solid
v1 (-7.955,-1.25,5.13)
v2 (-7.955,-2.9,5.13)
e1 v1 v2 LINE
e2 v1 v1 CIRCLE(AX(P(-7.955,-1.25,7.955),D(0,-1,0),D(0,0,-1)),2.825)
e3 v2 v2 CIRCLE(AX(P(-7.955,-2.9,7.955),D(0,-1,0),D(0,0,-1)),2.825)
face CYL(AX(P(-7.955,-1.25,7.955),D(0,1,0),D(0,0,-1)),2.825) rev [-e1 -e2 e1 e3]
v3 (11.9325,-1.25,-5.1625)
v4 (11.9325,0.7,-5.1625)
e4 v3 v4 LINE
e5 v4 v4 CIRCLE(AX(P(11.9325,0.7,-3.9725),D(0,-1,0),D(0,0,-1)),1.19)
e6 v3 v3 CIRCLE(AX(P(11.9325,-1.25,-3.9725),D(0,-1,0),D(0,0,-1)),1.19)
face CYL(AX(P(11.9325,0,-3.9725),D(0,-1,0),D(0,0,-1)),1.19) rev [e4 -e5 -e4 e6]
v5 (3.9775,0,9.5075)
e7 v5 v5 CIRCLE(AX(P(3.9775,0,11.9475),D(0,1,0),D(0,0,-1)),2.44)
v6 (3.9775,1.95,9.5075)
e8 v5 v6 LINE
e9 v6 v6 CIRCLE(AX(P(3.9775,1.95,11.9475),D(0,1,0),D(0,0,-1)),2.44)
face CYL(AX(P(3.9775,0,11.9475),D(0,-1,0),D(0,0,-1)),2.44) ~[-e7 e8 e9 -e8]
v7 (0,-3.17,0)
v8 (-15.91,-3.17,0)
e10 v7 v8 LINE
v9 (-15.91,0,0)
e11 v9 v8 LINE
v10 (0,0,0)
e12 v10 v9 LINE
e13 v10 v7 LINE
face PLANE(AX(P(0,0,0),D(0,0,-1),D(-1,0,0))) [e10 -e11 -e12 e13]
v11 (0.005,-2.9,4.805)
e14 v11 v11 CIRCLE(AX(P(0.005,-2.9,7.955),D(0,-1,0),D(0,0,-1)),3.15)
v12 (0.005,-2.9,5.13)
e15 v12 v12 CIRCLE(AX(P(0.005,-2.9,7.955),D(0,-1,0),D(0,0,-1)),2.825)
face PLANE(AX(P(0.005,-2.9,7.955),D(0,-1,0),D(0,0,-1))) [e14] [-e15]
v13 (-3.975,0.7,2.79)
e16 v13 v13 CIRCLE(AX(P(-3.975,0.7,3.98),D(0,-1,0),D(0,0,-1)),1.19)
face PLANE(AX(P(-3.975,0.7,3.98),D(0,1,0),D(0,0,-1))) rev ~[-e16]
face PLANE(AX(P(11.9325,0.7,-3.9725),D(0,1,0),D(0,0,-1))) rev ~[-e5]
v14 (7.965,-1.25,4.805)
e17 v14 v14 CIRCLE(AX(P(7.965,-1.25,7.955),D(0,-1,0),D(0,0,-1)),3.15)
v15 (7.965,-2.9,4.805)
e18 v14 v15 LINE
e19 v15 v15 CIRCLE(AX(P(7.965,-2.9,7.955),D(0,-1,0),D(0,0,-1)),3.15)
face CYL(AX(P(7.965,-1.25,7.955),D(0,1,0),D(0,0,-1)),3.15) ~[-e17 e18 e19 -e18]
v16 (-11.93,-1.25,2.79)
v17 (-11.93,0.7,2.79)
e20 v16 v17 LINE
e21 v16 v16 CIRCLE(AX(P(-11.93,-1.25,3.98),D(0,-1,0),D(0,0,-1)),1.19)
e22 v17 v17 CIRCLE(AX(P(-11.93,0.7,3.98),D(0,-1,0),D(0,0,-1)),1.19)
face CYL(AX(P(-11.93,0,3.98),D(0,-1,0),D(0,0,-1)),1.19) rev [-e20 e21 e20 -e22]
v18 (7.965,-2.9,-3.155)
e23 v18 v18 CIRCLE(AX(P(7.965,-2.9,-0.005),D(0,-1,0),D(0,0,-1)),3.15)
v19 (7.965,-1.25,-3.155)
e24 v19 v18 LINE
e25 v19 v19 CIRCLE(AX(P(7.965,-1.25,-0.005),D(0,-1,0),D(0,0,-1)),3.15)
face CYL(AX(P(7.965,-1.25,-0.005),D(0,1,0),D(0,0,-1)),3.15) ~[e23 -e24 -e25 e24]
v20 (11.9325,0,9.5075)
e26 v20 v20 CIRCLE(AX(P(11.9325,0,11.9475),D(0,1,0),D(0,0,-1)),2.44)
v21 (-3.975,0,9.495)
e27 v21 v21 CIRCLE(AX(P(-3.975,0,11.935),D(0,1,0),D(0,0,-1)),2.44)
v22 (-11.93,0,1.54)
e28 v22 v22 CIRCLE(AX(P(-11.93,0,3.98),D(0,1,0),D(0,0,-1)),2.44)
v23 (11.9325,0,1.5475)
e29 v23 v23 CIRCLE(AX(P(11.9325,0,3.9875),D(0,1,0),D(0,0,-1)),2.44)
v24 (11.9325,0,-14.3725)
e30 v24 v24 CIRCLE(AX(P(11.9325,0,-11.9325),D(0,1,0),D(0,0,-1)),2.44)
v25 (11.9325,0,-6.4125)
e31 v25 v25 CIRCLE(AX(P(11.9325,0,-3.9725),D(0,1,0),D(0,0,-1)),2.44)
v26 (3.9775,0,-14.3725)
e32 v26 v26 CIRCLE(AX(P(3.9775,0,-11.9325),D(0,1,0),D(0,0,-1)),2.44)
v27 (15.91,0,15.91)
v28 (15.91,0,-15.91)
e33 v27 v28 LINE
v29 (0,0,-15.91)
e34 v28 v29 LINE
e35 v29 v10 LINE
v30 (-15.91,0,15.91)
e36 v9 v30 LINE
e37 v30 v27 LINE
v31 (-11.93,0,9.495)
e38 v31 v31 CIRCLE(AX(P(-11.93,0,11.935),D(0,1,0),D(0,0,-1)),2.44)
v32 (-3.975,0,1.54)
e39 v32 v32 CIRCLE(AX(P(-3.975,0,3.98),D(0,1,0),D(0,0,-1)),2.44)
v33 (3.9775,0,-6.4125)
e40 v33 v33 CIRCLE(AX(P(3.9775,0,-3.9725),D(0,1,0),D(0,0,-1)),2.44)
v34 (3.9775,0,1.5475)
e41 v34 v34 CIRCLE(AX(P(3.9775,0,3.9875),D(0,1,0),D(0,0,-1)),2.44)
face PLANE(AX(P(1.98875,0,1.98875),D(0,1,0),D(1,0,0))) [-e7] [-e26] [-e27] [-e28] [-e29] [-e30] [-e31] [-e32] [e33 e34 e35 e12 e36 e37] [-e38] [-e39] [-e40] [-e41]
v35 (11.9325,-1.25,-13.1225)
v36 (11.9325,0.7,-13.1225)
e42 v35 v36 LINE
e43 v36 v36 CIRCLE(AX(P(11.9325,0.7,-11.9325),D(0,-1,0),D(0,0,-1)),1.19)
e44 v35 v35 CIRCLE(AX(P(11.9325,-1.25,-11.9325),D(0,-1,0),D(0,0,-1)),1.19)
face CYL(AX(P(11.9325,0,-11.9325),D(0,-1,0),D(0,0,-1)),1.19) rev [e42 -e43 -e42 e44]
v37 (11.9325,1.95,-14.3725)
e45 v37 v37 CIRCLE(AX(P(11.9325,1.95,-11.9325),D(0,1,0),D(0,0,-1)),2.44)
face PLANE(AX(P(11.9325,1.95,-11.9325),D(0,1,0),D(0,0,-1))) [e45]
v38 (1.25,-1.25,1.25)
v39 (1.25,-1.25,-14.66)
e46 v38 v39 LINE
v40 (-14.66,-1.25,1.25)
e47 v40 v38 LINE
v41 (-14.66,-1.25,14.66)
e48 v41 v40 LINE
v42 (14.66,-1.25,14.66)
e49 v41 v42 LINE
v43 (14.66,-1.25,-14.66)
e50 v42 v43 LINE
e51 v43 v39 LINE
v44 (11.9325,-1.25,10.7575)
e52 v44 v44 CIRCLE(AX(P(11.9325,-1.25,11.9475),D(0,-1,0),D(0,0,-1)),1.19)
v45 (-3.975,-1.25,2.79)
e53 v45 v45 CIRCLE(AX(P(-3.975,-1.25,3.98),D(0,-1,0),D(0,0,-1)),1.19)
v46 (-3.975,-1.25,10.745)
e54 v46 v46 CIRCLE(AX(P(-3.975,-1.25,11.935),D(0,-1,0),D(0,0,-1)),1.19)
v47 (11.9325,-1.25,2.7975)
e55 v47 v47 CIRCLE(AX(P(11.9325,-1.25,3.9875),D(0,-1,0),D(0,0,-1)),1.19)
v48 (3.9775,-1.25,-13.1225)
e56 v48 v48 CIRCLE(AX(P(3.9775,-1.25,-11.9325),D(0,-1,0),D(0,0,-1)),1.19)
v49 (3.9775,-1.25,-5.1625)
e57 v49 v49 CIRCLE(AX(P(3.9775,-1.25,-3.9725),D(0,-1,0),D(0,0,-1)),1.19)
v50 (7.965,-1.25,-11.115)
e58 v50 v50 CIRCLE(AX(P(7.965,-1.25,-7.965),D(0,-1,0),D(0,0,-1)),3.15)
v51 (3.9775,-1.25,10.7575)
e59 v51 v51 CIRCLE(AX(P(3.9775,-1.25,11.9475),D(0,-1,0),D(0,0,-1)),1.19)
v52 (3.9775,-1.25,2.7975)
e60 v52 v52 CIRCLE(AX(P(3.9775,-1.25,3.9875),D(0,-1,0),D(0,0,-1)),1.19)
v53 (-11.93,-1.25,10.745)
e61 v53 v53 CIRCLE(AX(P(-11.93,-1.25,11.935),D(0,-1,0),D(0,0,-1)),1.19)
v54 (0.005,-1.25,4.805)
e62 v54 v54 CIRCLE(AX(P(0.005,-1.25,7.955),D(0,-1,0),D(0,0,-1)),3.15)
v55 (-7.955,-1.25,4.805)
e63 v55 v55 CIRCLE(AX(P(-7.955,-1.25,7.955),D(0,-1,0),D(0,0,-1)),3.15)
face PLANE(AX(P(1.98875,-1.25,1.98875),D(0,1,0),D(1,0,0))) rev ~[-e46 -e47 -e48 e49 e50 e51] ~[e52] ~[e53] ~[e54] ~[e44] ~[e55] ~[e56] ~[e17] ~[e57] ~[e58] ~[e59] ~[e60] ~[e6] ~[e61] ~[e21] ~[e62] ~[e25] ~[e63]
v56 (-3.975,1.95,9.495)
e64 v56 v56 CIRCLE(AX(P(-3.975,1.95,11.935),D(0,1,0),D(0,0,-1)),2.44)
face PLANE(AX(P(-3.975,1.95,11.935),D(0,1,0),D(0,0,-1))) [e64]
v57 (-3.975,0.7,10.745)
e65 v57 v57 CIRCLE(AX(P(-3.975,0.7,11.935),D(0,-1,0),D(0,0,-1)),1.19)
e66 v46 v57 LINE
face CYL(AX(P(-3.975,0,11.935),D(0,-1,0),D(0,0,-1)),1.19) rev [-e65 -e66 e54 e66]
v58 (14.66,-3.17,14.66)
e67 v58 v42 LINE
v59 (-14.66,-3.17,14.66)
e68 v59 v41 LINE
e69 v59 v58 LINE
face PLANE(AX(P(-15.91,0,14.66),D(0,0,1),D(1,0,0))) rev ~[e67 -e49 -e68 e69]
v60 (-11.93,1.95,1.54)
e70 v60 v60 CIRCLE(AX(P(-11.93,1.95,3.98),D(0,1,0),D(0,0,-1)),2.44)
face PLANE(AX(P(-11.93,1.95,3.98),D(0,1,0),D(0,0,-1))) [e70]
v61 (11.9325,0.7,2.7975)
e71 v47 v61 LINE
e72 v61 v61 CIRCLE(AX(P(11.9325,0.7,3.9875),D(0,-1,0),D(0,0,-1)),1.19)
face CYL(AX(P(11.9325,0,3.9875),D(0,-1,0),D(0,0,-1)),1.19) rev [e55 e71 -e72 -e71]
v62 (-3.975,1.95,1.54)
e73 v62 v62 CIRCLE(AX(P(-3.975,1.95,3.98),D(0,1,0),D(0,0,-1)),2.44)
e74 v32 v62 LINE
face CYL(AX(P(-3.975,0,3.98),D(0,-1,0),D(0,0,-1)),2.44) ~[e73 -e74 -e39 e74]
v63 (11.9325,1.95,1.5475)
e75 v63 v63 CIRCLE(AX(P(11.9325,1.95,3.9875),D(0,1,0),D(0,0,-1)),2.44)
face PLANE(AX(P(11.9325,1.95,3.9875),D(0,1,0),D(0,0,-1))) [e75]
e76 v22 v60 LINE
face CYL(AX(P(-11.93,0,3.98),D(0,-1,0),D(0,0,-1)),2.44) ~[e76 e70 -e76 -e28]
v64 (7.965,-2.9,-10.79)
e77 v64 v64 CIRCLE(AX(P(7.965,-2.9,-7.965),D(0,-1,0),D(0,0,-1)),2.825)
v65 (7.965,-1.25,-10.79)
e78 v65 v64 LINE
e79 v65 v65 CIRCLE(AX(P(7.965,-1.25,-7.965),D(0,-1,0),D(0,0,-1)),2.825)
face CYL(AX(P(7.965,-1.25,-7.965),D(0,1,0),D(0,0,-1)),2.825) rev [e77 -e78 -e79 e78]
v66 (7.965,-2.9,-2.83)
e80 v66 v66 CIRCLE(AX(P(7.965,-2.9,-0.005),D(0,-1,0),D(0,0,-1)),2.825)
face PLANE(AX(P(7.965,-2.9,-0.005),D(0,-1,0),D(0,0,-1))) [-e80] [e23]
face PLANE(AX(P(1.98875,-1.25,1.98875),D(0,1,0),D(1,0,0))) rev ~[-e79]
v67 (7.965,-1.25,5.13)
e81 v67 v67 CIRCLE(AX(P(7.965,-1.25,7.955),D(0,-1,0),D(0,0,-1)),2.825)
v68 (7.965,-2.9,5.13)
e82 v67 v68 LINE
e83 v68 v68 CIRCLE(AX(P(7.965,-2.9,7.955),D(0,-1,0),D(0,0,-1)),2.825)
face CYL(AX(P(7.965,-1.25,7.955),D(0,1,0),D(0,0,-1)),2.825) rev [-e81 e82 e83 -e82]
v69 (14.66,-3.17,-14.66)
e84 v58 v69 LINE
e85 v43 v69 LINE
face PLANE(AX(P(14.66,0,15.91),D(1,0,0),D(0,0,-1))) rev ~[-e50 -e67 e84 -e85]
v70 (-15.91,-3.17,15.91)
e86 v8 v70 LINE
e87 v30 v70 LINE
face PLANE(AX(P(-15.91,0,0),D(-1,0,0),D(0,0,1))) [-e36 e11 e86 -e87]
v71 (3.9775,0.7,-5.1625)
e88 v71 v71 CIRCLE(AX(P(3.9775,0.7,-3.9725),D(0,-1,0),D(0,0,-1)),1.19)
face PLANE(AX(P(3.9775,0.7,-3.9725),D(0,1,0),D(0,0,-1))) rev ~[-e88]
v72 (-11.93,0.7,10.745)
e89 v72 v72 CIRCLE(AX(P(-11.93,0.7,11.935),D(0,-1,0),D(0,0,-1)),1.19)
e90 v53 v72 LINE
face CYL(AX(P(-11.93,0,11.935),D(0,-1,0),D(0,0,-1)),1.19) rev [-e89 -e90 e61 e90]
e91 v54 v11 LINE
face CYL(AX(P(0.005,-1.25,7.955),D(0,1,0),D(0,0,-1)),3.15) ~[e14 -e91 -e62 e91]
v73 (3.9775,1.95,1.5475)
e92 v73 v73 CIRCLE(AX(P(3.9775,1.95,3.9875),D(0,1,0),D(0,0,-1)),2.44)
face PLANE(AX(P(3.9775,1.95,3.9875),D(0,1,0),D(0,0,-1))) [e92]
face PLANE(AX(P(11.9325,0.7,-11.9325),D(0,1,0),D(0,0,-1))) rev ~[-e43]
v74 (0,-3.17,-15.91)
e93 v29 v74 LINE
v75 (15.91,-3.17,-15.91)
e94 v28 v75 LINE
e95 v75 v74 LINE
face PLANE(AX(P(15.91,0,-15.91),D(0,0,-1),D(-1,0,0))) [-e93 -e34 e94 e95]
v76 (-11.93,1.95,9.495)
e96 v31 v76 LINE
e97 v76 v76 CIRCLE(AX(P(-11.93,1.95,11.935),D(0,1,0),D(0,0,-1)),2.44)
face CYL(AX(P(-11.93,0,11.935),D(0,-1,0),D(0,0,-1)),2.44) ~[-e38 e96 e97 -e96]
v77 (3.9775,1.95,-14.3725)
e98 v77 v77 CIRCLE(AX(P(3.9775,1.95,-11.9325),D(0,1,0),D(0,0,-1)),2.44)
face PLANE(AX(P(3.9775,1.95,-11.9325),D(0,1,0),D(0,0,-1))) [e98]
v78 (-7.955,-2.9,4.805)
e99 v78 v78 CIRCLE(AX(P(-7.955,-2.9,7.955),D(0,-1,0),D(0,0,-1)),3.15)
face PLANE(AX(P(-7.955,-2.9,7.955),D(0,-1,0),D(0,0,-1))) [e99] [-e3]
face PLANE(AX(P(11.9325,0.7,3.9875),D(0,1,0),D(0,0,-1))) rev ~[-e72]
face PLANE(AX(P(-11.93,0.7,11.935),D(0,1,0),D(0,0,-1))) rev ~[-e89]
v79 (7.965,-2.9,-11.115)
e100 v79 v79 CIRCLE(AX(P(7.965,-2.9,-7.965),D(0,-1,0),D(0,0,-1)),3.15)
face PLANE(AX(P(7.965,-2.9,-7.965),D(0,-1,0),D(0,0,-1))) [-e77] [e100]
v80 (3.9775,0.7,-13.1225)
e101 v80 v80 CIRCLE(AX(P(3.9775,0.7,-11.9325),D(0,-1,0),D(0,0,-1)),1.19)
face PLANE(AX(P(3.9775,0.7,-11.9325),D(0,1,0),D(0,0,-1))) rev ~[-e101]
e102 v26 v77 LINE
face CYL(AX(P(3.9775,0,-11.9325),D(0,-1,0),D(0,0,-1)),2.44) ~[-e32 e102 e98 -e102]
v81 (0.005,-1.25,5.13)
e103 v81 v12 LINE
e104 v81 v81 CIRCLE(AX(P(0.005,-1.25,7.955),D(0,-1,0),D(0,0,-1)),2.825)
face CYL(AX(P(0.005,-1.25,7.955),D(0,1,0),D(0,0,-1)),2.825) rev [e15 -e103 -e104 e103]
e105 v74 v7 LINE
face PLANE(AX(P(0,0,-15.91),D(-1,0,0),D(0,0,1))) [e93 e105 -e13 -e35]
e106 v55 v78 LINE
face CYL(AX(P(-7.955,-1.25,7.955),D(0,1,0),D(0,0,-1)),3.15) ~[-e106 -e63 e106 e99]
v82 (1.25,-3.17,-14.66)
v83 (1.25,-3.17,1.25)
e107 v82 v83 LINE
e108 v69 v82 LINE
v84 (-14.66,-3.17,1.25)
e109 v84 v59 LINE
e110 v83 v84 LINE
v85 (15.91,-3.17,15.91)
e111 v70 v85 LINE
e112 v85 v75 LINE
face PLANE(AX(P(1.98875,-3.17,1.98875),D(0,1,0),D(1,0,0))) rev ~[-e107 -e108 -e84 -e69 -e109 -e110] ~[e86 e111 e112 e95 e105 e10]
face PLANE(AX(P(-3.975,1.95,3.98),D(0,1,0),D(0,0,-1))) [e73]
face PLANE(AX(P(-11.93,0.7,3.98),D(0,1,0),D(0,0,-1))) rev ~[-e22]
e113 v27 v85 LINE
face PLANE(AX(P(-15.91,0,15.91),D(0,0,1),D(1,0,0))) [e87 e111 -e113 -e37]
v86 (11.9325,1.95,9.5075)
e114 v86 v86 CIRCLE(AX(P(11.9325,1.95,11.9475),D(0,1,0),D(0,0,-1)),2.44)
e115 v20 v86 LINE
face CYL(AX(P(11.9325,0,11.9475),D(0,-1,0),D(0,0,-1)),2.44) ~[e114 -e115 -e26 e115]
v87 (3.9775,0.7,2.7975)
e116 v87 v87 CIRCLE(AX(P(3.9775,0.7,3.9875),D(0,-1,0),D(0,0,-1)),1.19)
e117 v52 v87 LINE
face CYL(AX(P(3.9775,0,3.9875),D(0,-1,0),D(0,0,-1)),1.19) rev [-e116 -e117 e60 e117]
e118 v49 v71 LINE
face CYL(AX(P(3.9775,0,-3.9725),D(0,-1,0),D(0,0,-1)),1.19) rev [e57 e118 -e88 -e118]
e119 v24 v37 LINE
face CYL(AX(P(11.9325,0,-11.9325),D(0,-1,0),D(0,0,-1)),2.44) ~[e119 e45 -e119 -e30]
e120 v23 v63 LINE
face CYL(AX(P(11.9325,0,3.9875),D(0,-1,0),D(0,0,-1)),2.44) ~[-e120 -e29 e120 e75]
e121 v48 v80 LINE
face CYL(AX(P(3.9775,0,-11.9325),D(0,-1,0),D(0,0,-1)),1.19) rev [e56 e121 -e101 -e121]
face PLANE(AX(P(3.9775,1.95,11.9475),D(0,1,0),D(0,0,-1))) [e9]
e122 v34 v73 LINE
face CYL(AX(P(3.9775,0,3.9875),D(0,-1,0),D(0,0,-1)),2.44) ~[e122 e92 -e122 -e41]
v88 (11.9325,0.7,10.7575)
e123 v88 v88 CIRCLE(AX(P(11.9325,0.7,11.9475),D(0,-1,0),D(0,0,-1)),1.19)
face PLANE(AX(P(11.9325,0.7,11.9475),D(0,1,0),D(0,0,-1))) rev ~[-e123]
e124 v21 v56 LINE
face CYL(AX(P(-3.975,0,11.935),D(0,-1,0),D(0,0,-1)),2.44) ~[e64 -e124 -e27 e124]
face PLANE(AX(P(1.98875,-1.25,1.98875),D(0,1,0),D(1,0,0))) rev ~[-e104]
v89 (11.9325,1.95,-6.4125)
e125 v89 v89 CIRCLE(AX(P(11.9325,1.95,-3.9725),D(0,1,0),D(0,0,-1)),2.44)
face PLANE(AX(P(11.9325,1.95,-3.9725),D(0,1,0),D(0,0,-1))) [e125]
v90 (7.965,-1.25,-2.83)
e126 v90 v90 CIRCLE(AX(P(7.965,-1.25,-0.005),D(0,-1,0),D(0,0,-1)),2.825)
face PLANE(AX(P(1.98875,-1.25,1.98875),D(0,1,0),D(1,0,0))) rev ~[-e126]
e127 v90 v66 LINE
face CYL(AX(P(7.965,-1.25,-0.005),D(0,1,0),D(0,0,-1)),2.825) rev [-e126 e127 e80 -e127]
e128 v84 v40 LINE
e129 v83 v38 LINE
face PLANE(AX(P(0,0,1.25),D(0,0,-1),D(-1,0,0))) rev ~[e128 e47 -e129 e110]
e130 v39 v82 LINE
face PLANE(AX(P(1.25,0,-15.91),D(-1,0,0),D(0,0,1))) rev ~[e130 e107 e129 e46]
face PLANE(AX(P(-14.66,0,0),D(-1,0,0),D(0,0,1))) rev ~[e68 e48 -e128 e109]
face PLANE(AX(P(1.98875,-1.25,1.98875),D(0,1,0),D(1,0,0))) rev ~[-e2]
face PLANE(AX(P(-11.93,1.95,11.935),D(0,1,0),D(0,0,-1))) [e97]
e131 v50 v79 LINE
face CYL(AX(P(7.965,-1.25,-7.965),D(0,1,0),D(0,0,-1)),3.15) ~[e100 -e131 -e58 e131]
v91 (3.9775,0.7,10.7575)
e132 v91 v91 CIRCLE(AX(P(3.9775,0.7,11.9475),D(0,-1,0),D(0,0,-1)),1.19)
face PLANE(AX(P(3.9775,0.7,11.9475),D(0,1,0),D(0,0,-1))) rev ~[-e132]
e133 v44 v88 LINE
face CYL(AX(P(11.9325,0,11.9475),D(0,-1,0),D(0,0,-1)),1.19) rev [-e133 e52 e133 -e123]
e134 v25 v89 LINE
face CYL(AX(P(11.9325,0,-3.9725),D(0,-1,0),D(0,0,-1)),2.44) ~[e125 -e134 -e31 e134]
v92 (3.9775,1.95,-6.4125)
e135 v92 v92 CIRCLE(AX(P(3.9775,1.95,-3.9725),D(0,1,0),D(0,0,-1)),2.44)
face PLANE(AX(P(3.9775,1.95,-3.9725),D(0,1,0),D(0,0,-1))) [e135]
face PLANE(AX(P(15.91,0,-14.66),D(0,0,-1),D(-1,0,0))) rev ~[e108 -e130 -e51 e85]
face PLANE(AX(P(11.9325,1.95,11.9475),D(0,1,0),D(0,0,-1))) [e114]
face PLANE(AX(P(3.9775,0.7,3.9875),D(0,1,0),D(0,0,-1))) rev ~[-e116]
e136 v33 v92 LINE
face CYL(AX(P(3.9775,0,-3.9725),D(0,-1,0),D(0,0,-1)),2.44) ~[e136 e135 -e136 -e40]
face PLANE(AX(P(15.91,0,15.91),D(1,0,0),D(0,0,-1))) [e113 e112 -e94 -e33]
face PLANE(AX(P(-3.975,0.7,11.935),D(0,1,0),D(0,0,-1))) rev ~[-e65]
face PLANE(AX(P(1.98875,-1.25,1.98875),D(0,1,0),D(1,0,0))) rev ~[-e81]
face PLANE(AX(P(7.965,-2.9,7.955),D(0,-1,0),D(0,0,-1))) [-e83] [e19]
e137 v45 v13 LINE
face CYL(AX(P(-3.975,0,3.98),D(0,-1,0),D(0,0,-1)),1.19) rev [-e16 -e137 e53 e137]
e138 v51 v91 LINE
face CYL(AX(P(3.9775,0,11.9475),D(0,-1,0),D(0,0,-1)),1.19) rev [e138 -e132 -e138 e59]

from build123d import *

# Parameters (mm, degrees)
BOSS_EXTRUDE1_DEPTH = 3.17
SKETCH3_R           = 2.44
BOSS_EXTRUDE2_DEPTH = 1.95
SHELL1_T            = -1.25
SKETCH4_R           = 3.15
SKETCH4_R_2         = 2.825
BOSS_EXTRUDE3_DEPTH = 1.65


with BuildPart() as part:
    # Sketch2 → Boss-Extrude1 (new body)
    with BuildSketch(Plane(origin=(0, 0, 0), x_dir=(1, 0, 0), z_dir=(0, 1, 0))):
        Polygon((0, 0), (-15.91, 0), (-15.91, -15.91), (15.91, -15.91), (15.91, 15.91), (0, 15.91), align=None)
    extrude(amount=-BOSS_EXTRUDE1_DEPTH)

    # Sketch3 → Boss-Extrude2 (add)
    with BuildSketch(Plane(origin=(0, 0, 0), x_dir=(1, 0, 0), z_dir=(0, 1, 0))):
        with Locations(Location((11.9325, 11.9325, 0), (0, 0, 90))):
            Circle(SKETCH3_R)
        with Locations(Location((11.9325, 3.9725, 0), (0, 0, 90))):
            Circle(SKETCH3_R)
        with Locations(Location((11.9325, -3.9875, 0), (0, 0, 90))):
            Circle(SKETCH3_R)
        with Locations(Location((11.9325, -11.9475, 0), (0, 0, 90))):
            Circle(SKETCH3_R)
        with Locations(Location((3.9775, 3.9725, 0), (0, 0, 90))):
            Circle(SKETCH3_R)
        with Locations(Location((3.9775, -3.9875, 0), (0, 0, 90))):
            Circle(SKETCH3_R)
        with Locations(Location((3.9775, -11.9475, 0), (0, 0, 90))):
            Circle(SKETCH3_R)
        with Locations(Location((3.9775, 11.9325, 0), (0, 0, 90))):
            Circle(SKETCH3_R)
        with Locations(Location((-11.93, -3.98, 0), (0, 0, 90))):
            Circle(SKETCH3_R)
        with Locations(Location((-3.975, -3.98, 0), (0, 0, 90))):
            Circle(SKETCH3_R)
        with Locations(Location((-3.975, -11.935, 0), (0, 0, 90))):
            Circle(SKETCH3_R)
        with Locations(Location((-11.93, -11.935, 0), (0, 0, 90))):
            Circle(SKETCH3_R)
    extrude(amount=BOSS_EXTRUDE2_DEPTH)

    # Shell1
    shell1_openings = [part.faces().sort_by_distance(p)[0] for p in [
        (2.651666667, -3.17, 2.651666667),
    ]]
    offset(amount=SHELL1_T, openings=shell1_openings, kind=Kind.INTERSECTION)

    # Sketch4 → Boss-Extrude3 (add)
    # profile 1 of 5: a face of its own
    with BuildSketch(Plane.XZ.offset(1.25)):
        with Locations(Location((-7.955, 7.955, 0), (0, 0, 270))):
            Circle(SKETCH4_R)
        with Locations(Location((-7.955, 7.955, 0), (0, 0, 270))):
            Circle(SKETCH4_R_2, mode=Mode.SUBTRACT)
    # profile 2 of 5: a face of its own
    with BuildSketch(Plane.XZ.offset(1.25)):
        with Locations(Location((0.005, 7.955, 0), (0, 0, 270))):
            Circle(SKETCH4_R)
        with Locations(Location((0.005, 7.955, 0), (0, 0, 270))):
            Circle(SKETCH4_R_2, mode=Mode.SUBTRACT)
    # profile 3 of 5: a face of its own
    with BuildSketch(Plane.XZ.offset(1.25)):
        with Locations(Location((7.965, 7.955, 0), (0, 0, 270))):
            Circle(SKETCH4_R)
        with Locations(Location((7.965, 7.955, 0), (0, 0, 270))):
            Circle(SKETCH4_R_2, mode=Mode.SUBTRACT)
    # profile 4 of 5: a face of its own
    with BuildSketch(Plane.XZ.offset(1.25)):
        with Locations(Location((7.965, -0.005, 0), (0, 0, 270))):
            Circle(SKETCH4_R)
        with Locations(Location((7.965, -0.005, 0), (0, 0, 270))):
            Circle(SKETCH4_R_2, mode=Mode.SUBTRACT)
    # profile 5 of 5: a face of its own
    with BuildSketch(Plane.XZ.offset(1.25)):
        with Locations(Location((7.965, -7.965, 0), (0, 0, 270))):
            Circle(SKETCH4_R)
        with Locations(Location((7.965, -7.965, 0), (0, 0, 270))):
            Circle(SKETCH4_R_2, mode=Mode.SUBTRACT)
    extrude(amount=BOSS_EXTRUDE3_DEPTH)


solid = part.part
